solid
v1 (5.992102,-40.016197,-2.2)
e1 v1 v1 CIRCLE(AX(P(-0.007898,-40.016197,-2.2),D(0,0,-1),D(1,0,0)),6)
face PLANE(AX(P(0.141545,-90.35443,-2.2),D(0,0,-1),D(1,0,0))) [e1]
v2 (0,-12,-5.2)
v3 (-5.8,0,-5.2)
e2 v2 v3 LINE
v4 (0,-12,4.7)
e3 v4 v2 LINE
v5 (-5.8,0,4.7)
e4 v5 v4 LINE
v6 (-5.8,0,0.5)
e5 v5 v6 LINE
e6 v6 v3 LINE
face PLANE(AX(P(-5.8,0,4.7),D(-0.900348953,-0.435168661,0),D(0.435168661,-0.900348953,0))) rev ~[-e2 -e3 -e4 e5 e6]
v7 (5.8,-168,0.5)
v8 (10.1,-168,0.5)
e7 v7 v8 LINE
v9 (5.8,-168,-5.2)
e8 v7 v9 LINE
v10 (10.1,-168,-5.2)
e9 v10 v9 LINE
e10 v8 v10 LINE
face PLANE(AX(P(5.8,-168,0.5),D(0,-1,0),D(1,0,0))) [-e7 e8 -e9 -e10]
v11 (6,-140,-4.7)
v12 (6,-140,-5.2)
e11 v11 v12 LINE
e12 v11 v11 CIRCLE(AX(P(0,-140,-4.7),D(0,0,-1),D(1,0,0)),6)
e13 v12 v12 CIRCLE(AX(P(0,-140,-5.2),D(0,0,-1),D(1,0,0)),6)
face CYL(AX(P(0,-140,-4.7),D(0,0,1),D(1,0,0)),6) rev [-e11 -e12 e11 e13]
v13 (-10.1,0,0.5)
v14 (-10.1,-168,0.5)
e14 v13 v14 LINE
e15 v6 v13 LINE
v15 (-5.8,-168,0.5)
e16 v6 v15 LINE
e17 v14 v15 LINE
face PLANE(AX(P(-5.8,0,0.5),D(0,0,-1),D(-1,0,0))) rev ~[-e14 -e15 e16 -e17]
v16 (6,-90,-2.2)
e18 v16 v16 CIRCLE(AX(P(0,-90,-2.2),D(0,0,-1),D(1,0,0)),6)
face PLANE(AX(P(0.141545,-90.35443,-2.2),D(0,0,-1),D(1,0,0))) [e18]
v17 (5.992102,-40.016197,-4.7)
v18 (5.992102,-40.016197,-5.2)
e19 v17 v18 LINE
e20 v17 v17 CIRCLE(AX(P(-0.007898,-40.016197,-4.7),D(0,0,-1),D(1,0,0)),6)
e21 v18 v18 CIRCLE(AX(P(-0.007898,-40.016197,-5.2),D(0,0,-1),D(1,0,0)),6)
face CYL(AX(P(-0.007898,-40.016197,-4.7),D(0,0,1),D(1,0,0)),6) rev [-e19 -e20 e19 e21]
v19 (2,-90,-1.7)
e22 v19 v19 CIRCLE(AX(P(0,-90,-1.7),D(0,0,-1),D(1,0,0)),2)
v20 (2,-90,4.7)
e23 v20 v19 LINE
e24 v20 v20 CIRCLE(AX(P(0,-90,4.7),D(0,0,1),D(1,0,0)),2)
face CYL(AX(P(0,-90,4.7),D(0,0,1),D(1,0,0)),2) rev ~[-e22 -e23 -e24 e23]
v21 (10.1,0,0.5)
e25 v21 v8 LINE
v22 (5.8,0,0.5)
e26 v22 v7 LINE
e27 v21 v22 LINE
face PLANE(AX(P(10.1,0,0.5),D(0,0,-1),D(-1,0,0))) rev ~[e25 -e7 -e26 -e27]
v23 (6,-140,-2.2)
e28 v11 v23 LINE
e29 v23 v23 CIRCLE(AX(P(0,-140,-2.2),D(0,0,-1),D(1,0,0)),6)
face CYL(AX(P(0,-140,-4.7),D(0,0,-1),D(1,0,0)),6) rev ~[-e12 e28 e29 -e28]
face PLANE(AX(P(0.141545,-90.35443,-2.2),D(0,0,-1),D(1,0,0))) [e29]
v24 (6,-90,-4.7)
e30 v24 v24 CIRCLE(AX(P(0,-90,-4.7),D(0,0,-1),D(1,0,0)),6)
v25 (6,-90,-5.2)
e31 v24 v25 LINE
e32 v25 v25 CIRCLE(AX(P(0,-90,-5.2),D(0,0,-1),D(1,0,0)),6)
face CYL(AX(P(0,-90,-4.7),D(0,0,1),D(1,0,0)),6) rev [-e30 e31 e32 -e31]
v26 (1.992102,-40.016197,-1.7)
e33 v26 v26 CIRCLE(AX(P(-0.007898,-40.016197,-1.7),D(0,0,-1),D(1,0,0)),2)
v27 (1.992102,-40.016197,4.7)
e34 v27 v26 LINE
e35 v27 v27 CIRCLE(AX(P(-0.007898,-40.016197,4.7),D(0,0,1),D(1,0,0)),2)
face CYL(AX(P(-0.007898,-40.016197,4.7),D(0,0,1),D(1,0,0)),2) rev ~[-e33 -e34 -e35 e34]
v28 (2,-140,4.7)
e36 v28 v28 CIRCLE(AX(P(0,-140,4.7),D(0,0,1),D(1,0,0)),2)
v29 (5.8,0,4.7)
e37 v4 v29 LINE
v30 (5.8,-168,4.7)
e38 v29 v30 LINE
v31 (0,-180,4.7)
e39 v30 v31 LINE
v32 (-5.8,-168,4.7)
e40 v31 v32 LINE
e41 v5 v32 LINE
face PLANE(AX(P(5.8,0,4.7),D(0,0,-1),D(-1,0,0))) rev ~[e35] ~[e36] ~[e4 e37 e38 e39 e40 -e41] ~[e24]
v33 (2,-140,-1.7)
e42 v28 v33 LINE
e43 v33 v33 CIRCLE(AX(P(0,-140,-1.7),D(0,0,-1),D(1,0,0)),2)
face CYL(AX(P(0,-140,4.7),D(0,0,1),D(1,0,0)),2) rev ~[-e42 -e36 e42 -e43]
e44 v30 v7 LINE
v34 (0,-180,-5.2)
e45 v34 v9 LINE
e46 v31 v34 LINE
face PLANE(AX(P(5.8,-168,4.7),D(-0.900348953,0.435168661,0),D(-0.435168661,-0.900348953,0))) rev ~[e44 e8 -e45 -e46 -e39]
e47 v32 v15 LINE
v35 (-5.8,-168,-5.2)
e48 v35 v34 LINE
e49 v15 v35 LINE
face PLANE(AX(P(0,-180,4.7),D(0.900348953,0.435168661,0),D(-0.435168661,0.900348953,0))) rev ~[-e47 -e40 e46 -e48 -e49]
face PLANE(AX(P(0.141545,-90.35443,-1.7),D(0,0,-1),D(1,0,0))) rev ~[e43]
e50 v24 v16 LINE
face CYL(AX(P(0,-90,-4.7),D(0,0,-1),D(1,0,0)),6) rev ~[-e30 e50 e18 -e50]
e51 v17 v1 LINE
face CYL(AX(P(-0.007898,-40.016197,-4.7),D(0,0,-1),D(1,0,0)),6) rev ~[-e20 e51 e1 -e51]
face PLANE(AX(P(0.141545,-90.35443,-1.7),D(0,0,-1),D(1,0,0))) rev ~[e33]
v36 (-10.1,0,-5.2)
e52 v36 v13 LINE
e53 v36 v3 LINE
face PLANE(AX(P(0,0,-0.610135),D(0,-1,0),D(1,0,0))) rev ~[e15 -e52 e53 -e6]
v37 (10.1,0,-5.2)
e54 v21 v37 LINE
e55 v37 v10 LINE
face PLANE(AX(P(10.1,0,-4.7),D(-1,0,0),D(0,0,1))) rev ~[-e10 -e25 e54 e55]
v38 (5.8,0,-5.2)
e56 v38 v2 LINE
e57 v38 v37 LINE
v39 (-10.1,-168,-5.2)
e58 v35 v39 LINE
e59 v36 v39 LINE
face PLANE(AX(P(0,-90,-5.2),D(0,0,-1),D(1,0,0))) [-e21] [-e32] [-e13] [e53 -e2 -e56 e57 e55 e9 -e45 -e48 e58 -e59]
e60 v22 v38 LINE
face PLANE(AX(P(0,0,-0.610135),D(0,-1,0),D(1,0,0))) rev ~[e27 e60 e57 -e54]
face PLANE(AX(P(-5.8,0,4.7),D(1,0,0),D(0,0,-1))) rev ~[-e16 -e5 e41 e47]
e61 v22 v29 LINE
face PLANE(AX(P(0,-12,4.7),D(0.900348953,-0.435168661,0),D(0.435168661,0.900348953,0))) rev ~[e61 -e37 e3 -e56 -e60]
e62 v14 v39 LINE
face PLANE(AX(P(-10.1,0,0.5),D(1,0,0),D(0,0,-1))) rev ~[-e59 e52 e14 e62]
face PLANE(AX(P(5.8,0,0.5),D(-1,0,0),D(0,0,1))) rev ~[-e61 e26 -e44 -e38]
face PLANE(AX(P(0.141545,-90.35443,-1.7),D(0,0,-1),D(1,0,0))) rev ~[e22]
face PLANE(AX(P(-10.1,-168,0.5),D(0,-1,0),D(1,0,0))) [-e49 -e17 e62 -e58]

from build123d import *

# Parameters (mm, degrees)
F1_DEPTH   = 180
F2_R       = 2
F3_DEPTH   = 25
F4_R       = 6
F4_R_2     = 2
F5_DEPTH   = 3
F6_W       = 14.0674761496
F6_H       = 116.9483624399
F1_FACE1_W = 20.2
F1_FACE1_H = 180
F1_FACE1_R = 6
F7_DEPTH   = 0.5
F9_DEPTH   = 25
F10_W      = 4.3
F10_H      = 12
F11_DEPTH  = 25
F12_W      = 4.3
F12_H      = 12
F13_DEPTH  = 25


with BuildPart() as f1:
    # F0 (on Front) → F1 (new body)
    with BuildSketch(Plane.XZ):
        Polygon((5.8, 4.7), (-5.8, 4.7), (-5.8, 0.5), (-10.1, 0.5), (-10.1, -4.7), (10.1, -4.7), (10.1, 0.5), (5.8, 0.5), align=None)
    extrude(amount=F1_DEPTH)

    # F2 (on face) → F3 (cut)
    with BuildSketch(Plane.XY.offset(4.7)):
        with Locations((0, -140)):
            Circle(F2_R)
        with Locations((0, -90)):
            Circle(F2_R)
        with Locations((-0.0078984785, -40.0161966681)):
            Circle(F2_R)
    extrude(amount=-F3_DEPTH, mode=Mode.SUBTRACT)

    # F4 (on face) → F5 (cut)
    with BuildSketch(Plane(origin=(0, 0, -4.7), x_dir=(1, 0, 0), z_dir=(0, 0, -1))):
        with Locations((-0.0078984785, 40.0161966681)):
            Circle(F4_R)
        with Locations((-0.0078984785, 40.0161966681)):
            Circle(F4_R_2, mode=Mode.SUBTRACT)
        with Locations((0, 90)):
            Circle(F4_R)
        with Locations((0, 90)):
            Circle(F4_R_2, mode=Mode.SUBTRACT)
        with Locations((0, 140)):
            Circle(F4_R)
        with Locations((0, 140)):
            Circle(F4_R_2, mode=Mode.SUBTRACT)
    extrude(amount=-F5_DEPTH, mode=Mode.SUBTRACT)

    # F6 (on face) + F1_face1 (on face) → F7 (join)
    with BuildSketch(Plane(origin=(0, 0, -1.7), x_dir=(1, 0, 0), z_dir=(0, 0, -1))):
        with Locations((0.141544966, 90.3544295579)):
            Rectangle(F6_W, F6_H)
    with BuildSketch(Plane(origin=(2.75839e-05, -89.9999434363, -4.7), x_dir=(1, 0, 0), z_dir=(0, 0, -1))):
        with Locations((-2.75839e-05, 5.65637e-05)):
            Rectangle(F1_FACE1_W, F1_FACE1_H)
        with Locations((-2.75839e-05, 50.0000565637)):
            Circle(F1_FACE1_R, mode=Mode.SUBTRACT)
        with Locations((-0.0079260625, -49.9837467681)):
            Circle(F1_FACE1_R, mode=Mode.SUBTRACT)
        with Locations((-2.75839e-05, 5.65637e-05)):
            Circle(F1_FACE1_R, mode=Mode.SUBTRACT)
    extrude(amount=F7_DEPTH)

    # F8 (on face) → F9 (cut)
    with BuildSketch(Plane.XY.offset(4.7)):
        Polygon((5.8, -180), (5.8, -168), (0, -180), align=None)
        Polygon((0, -180), (-5.8, -168), (-5.8, -180), align=None)
        Polygon((0, -12), (5.8, 0), (-5.8, 0), align=None)
    extrude(amount=-F9_DEPTH, mode=Mode.SUBTRACT)

    # F10 (on face) → F11 (cut)
    with BuildSketch(Plane.XY.offset(0.5)):
        with Locations((7.95, -174)):
            Rectangle(F10_W, F10_H)
    extrude(amount=-F11_DEPTH, mode=Mode.SUBTRACT)

    # F12 (on face) → F13 (cut)
    with BuildSketch(Plane.XY.offset(0.5)):
        with Locations((-7.95, -174)):
            Rectangle(F12_W, F12_H)
    extrude(amount=-F13_DEPTH, mode=Mode.SUBTRACT)


solid = f1.part
